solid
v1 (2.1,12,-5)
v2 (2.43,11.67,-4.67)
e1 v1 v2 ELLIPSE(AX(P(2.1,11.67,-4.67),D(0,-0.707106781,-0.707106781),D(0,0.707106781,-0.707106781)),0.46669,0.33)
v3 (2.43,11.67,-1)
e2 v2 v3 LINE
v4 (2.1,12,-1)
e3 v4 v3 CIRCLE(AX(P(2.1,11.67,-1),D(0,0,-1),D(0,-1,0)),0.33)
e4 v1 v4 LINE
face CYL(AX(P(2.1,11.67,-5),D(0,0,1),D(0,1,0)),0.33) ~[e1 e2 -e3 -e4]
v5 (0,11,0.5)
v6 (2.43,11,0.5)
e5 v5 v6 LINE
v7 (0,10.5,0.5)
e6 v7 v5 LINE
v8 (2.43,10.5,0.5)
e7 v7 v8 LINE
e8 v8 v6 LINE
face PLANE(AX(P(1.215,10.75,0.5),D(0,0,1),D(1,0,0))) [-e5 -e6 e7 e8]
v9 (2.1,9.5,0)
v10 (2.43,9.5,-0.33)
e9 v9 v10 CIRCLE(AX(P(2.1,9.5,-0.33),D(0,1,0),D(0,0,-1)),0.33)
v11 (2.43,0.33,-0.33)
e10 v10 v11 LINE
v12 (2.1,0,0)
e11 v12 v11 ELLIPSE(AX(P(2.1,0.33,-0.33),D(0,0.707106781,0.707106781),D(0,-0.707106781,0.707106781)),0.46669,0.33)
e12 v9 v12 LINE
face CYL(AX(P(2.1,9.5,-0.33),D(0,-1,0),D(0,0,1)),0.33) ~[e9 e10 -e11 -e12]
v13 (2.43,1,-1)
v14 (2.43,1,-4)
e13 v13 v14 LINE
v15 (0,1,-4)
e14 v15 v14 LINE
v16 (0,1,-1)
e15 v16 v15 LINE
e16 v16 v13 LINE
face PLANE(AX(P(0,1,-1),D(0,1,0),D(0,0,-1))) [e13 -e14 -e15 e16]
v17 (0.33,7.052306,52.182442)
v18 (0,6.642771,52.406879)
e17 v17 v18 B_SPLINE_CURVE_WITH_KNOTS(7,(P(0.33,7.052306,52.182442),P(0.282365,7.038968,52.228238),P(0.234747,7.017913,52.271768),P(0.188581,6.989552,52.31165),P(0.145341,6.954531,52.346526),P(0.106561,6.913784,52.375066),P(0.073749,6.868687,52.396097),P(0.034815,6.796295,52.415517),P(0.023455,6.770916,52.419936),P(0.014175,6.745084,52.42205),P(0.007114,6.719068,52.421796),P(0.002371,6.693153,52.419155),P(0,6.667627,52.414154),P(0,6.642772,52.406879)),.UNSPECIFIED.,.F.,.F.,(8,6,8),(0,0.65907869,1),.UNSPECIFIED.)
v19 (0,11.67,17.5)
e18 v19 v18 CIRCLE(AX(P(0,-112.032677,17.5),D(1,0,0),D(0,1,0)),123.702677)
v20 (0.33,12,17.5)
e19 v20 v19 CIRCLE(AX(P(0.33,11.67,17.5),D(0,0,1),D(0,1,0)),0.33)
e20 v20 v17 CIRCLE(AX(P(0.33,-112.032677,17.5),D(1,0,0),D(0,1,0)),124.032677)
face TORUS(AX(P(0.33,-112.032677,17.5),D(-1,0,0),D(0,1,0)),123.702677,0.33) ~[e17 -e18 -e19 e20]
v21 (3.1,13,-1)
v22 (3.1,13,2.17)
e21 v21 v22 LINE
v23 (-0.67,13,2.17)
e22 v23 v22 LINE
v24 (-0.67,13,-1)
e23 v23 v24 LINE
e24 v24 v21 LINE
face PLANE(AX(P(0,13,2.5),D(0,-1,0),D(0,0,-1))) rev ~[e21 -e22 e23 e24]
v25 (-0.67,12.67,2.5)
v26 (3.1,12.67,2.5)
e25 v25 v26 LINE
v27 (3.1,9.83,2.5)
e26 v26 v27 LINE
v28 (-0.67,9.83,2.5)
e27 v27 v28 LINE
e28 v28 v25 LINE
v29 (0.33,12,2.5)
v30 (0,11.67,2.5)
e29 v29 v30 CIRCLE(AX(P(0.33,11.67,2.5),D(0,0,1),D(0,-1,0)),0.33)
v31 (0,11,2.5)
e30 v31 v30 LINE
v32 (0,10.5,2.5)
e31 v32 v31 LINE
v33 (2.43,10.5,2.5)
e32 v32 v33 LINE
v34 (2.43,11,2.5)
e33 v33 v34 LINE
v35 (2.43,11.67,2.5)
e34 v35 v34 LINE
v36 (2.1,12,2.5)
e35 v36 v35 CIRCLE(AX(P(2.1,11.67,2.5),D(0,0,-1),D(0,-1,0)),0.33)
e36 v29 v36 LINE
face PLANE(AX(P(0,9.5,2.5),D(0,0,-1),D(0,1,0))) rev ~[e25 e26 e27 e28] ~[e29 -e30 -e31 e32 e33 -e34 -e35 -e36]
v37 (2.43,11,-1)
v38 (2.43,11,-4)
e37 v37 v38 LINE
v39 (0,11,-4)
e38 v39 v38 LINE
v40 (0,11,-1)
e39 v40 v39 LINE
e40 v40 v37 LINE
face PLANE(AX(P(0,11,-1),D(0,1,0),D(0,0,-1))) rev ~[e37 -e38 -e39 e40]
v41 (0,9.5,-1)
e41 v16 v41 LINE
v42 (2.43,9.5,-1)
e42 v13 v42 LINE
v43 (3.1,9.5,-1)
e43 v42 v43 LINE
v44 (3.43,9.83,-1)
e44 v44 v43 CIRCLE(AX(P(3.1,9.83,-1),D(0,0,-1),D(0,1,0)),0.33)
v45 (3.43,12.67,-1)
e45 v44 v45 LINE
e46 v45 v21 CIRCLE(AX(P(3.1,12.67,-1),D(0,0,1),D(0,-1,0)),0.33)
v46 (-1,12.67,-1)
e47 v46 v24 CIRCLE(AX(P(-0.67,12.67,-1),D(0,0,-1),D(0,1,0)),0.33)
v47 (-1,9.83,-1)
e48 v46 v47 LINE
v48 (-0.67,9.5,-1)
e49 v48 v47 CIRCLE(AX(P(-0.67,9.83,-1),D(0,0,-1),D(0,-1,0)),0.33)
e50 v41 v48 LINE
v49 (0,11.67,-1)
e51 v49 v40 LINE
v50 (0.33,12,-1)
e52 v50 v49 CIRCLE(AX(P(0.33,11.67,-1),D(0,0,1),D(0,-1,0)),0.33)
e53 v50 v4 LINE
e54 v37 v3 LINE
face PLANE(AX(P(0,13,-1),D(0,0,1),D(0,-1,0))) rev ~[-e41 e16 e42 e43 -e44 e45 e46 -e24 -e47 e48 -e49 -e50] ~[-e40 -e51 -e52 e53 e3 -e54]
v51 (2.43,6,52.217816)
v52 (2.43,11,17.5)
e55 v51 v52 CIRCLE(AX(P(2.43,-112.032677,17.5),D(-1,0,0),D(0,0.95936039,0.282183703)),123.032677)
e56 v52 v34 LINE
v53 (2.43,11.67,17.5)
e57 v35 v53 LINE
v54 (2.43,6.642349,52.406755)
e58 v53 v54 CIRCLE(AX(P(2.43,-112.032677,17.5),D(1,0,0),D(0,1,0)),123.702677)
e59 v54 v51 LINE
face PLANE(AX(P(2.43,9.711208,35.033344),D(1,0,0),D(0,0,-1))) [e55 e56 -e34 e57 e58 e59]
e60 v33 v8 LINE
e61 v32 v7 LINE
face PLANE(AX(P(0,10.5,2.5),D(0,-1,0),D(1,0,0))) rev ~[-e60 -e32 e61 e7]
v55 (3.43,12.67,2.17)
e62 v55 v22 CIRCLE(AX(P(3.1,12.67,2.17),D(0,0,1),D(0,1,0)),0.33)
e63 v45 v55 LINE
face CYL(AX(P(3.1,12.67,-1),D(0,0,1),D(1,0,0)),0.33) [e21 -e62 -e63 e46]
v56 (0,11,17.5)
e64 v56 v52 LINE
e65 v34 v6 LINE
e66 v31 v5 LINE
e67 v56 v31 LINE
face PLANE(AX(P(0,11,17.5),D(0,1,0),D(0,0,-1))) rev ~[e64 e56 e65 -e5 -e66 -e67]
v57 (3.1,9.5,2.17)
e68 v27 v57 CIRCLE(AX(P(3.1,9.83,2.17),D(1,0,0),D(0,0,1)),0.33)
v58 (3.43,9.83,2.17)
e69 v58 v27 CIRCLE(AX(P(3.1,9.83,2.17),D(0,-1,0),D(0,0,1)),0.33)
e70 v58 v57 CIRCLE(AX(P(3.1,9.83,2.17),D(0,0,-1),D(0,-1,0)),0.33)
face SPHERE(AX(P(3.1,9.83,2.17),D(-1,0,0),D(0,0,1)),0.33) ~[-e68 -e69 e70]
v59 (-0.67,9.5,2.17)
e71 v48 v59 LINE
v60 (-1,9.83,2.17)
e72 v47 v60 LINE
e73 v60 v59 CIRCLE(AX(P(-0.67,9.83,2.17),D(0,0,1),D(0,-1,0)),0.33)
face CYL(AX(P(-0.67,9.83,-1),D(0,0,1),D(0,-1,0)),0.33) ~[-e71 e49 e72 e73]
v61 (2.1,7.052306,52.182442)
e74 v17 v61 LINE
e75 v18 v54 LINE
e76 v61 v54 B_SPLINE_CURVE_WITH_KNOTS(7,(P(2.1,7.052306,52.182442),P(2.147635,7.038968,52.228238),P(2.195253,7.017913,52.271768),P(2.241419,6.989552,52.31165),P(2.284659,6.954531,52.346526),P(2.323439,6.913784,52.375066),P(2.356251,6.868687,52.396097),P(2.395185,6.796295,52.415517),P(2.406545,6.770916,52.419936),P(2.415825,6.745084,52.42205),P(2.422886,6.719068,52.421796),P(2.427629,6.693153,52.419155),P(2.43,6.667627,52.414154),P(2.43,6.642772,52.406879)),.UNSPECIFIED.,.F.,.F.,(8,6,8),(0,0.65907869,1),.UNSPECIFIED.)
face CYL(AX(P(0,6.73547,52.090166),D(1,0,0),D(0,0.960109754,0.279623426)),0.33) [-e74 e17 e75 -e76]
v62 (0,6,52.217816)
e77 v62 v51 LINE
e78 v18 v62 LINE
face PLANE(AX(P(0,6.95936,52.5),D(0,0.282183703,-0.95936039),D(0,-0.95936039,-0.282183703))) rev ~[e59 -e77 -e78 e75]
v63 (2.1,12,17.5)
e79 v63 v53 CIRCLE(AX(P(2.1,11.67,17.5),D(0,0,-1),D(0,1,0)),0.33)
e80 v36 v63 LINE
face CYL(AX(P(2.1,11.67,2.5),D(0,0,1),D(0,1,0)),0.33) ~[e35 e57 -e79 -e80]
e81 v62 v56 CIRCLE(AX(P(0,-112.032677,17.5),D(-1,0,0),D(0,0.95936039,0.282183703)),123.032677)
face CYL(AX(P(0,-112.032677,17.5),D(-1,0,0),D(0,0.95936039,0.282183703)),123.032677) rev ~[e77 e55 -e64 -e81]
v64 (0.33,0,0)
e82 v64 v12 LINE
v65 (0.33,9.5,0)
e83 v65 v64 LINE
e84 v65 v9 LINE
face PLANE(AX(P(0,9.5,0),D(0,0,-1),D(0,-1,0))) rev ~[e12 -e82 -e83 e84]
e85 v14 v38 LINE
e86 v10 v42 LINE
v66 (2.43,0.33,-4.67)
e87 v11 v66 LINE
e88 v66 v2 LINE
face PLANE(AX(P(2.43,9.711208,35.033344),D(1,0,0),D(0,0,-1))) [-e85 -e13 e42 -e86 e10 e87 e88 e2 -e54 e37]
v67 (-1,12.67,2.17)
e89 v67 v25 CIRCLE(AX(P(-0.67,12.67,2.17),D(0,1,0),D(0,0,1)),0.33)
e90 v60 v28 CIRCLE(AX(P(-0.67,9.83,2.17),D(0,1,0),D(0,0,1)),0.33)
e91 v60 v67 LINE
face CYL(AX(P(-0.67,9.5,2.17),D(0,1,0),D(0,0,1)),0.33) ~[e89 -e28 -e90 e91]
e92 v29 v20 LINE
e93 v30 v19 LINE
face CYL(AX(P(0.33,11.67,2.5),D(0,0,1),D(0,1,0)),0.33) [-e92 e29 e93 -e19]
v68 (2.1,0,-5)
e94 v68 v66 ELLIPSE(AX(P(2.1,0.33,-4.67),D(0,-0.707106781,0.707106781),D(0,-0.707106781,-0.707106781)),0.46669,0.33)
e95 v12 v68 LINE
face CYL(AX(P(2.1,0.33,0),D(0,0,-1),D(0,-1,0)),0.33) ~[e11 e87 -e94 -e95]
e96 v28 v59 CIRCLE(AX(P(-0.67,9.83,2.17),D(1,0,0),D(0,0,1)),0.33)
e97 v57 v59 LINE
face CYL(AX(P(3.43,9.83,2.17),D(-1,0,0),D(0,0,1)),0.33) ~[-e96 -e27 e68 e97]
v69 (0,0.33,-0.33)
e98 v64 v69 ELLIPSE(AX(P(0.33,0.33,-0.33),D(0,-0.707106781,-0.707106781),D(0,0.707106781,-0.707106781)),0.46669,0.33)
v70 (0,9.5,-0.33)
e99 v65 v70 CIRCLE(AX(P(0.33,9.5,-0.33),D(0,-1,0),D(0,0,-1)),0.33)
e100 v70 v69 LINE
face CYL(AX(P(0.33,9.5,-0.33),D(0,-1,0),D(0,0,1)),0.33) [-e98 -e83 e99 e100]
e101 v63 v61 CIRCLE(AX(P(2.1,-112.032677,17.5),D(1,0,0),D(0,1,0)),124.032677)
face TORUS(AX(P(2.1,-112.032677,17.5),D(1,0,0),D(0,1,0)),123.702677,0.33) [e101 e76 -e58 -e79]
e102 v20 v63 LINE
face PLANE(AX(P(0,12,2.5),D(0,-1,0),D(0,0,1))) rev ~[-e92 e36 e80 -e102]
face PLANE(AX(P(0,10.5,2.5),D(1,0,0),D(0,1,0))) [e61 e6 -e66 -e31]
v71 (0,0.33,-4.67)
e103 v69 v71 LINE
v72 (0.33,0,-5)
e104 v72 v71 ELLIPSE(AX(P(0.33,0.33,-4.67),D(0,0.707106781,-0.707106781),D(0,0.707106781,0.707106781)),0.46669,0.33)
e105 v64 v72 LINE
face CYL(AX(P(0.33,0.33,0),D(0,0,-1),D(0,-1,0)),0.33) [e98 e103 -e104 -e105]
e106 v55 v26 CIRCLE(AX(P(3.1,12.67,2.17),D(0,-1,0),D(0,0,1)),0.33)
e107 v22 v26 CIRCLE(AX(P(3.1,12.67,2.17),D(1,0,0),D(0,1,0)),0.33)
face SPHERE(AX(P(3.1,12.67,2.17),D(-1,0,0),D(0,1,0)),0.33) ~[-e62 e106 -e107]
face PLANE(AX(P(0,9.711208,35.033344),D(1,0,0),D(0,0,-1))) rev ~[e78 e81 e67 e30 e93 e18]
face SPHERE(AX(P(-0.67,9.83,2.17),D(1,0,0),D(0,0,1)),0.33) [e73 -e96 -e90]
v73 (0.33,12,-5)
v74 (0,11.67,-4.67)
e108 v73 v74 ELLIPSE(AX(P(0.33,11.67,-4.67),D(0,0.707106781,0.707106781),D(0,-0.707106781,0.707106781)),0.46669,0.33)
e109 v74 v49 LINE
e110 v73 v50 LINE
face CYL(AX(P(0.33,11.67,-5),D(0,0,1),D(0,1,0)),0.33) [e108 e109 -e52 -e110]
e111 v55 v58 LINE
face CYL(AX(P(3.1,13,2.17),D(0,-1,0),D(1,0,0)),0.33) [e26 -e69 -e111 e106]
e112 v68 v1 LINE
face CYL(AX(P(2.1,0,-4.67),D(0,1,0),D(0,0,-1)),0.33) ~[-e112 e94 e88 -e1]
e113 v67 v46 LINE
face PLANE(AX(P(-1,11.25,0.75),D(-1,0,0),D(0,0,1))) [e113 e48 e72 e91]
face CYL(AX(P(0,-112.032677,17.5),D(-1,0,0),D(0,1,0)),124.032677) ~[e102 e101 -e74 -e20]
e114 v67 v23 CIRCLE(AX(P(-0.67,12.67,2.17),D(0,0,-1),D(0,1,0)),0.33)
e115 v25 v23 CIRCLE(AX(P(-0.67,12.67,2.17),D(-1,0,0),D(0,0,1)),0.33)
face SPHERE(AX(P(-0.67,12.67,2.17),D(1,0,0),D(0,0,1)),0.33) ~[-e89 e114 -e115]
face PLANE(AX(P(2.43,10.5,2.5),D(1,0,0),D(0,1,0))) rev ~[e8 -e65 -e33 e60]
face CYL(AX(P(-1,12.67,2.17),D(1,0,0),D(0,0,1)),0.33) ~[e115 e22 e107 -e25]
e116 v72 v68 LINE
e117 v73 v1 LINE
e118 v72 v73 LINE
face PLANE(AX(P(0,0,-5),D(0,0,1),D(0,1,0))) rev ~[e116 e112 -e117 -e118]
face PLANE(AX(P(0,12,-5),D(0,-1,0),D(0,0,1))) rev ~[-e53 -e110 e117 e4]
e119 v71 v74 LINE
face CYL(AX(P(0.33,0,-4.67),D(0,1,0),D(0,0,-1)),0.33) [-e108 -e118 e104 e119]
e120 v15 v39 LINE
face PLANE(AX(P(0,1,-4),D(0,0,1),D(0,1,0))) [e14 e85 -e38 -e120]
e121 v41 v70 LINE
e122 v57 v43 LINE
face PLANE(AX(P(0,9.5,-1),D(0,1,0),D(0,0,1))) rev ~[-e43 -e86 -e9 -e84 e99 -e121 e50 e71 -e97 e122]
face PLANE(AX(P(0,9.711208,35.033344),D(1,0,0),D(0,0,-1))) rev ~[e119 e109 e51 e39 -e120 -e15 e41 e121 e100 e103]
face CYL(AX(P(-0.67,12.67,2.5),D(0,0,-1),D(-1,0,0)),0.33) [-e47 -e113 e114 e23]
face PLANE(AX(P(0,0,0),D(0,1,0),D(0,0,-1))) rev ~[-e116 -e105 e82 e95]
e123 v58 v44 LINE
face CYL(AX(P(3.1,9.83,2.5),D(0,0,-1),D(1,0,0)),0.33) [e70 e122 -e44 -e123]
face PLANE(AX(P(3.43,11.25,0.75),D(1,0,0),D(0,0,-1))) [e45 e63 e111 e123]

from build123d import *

# Parameters (mm, degrees)
ESQUISSE1_W             = 3
ESQUISSE1_H             = 10
BOSS_EXTRU_1_DEPTH      = 2.43
BOSS_EXTRU_2_DEPTH      = 1
BOSS_EXTRU_3_DEPTH      = 1
CONG_1_R                = 0.33
ESQUISSE4_W             = 2.43
ESQUISSE4_H             = 0.5
ENL_V_MAT_EXTRU_1_DEPTH = 2


with BuildPart() as part:
    # Esquisse1 → Boss.-Extru.1 (new body)
    # profile 1 of 2: a face of its own
    with BuildSketch(Plane(origin=(0, 0, 0), x_dir=(0, 0, -1), z_dir=(1, 0, 0))):
        Polygon((1, 12), (1, 13), (-2.5, 13), (-2.5, 12), (-17.5, 12), (-17.5, 11), (-2.5, 11), (-2.5, 9.5), (0, 9.5), (0, 0), (5, 0), (5, 12), align=None)
        with Locations((2.5, 6)):
            Rectangle(ESQUISSE1_W, ESQUISSE1_H, mode=Mode.SUBTRACT)
    # profile 2 of 2: a face of its own
    with BuildSketch(Plane(origin=(0, 0, 0), x_dir=(0, 0, -1), z_dir=(1, 0, 0))):
        with BuildLine():
            Line((-52.5, 6.95936039), (-52.217816297, 6))
            ThreePointArc((-52.217816297, 6), (-35.038007074, 9.743584715), (-17.5, 11))
            Line((-17.5, 11), (-17.5, 12))
            ThreePointArc((-17.5, 12), (-35.180554627, 10.73337267), (-52.5, 6.95936039))
        make_face()
    extrude(amount=BOSS_EXTRU_1_DEPTH)

    # Esquisse2 → Boss.-Extru.2 (add)
    with BuildSketch(Plane(origin=(2.43, 0, 0), x_dir=(0, 0, -1), z_dir=(1, 0, 0))):
        Polygon((-2.5, 13), (-2.5, 12), (-2.5, 11), (-2.5, 9.5), (0, 9.5), (1, 9.5), (1, 12), (1, 13), align=None)
    extrude(amount=BOSS_EXTRU_2_DEPTH)

    # Esquisse3 → Boss.-Extru.3 (add)
    with BuildSketch(Plane.ZY):
        Polygon((-1, 13), (-1, 12), (-1, 9.5), (0, 9.5), (2.5, 9.5), (2.5, 11), (2.5, 12), (2.5, 13), align=None)
    extrude(amount=BOSS_EXTRU_3_DEPTH)

    # Congé1
    cong_1_edges = [part.edges().sort_by_distance(p)[0] for p in [
        (0, 12, -3),
        (0, 6, -5),
        (0, 0, -2.5),
        (0, 4.75, 0),
        (0, 10.73337267, 35.180554627),
        (0, 12, 10),
        (1.215, 9.5, 2.5),
        (1.215, 6.95936039, 52.5),
        (1.215, 13, 2.5),
        (2.43, 12, 10),
        (2.43, 10.73337267, 35.180554627),
        (3.43, 13, 0.75),
        (3.43, 11.25, 2.5),
        (3.43, 9.5, 0.75),
        (2.43, 4.75, 0),
        (2.43, 0, -2.5),
        (2.43, 6, -5),
        (-1, 11.25, 2.5),
        (-1, 13, 0.75),
        (-1, 9.5, 0.75),
        (2.43, 12, -3),
    ]]
    fillet(cong_1_edges, radius=CONG_1_R)

    # Esquisse4 → Enlèv. mat.-Extru.1 (cut)
    with BuildSketch(Plane.XY.offset(2.5)):
        with Locations((1.215, 10.75)):
            Rectangle(ESQUISSE4_W, ESQUISSE4_H)
    extrude(amount=-ENL_V_MAT_EXTRU_1_DEPTH, mode=Mode.SUBTRACT)


solid = part.part
